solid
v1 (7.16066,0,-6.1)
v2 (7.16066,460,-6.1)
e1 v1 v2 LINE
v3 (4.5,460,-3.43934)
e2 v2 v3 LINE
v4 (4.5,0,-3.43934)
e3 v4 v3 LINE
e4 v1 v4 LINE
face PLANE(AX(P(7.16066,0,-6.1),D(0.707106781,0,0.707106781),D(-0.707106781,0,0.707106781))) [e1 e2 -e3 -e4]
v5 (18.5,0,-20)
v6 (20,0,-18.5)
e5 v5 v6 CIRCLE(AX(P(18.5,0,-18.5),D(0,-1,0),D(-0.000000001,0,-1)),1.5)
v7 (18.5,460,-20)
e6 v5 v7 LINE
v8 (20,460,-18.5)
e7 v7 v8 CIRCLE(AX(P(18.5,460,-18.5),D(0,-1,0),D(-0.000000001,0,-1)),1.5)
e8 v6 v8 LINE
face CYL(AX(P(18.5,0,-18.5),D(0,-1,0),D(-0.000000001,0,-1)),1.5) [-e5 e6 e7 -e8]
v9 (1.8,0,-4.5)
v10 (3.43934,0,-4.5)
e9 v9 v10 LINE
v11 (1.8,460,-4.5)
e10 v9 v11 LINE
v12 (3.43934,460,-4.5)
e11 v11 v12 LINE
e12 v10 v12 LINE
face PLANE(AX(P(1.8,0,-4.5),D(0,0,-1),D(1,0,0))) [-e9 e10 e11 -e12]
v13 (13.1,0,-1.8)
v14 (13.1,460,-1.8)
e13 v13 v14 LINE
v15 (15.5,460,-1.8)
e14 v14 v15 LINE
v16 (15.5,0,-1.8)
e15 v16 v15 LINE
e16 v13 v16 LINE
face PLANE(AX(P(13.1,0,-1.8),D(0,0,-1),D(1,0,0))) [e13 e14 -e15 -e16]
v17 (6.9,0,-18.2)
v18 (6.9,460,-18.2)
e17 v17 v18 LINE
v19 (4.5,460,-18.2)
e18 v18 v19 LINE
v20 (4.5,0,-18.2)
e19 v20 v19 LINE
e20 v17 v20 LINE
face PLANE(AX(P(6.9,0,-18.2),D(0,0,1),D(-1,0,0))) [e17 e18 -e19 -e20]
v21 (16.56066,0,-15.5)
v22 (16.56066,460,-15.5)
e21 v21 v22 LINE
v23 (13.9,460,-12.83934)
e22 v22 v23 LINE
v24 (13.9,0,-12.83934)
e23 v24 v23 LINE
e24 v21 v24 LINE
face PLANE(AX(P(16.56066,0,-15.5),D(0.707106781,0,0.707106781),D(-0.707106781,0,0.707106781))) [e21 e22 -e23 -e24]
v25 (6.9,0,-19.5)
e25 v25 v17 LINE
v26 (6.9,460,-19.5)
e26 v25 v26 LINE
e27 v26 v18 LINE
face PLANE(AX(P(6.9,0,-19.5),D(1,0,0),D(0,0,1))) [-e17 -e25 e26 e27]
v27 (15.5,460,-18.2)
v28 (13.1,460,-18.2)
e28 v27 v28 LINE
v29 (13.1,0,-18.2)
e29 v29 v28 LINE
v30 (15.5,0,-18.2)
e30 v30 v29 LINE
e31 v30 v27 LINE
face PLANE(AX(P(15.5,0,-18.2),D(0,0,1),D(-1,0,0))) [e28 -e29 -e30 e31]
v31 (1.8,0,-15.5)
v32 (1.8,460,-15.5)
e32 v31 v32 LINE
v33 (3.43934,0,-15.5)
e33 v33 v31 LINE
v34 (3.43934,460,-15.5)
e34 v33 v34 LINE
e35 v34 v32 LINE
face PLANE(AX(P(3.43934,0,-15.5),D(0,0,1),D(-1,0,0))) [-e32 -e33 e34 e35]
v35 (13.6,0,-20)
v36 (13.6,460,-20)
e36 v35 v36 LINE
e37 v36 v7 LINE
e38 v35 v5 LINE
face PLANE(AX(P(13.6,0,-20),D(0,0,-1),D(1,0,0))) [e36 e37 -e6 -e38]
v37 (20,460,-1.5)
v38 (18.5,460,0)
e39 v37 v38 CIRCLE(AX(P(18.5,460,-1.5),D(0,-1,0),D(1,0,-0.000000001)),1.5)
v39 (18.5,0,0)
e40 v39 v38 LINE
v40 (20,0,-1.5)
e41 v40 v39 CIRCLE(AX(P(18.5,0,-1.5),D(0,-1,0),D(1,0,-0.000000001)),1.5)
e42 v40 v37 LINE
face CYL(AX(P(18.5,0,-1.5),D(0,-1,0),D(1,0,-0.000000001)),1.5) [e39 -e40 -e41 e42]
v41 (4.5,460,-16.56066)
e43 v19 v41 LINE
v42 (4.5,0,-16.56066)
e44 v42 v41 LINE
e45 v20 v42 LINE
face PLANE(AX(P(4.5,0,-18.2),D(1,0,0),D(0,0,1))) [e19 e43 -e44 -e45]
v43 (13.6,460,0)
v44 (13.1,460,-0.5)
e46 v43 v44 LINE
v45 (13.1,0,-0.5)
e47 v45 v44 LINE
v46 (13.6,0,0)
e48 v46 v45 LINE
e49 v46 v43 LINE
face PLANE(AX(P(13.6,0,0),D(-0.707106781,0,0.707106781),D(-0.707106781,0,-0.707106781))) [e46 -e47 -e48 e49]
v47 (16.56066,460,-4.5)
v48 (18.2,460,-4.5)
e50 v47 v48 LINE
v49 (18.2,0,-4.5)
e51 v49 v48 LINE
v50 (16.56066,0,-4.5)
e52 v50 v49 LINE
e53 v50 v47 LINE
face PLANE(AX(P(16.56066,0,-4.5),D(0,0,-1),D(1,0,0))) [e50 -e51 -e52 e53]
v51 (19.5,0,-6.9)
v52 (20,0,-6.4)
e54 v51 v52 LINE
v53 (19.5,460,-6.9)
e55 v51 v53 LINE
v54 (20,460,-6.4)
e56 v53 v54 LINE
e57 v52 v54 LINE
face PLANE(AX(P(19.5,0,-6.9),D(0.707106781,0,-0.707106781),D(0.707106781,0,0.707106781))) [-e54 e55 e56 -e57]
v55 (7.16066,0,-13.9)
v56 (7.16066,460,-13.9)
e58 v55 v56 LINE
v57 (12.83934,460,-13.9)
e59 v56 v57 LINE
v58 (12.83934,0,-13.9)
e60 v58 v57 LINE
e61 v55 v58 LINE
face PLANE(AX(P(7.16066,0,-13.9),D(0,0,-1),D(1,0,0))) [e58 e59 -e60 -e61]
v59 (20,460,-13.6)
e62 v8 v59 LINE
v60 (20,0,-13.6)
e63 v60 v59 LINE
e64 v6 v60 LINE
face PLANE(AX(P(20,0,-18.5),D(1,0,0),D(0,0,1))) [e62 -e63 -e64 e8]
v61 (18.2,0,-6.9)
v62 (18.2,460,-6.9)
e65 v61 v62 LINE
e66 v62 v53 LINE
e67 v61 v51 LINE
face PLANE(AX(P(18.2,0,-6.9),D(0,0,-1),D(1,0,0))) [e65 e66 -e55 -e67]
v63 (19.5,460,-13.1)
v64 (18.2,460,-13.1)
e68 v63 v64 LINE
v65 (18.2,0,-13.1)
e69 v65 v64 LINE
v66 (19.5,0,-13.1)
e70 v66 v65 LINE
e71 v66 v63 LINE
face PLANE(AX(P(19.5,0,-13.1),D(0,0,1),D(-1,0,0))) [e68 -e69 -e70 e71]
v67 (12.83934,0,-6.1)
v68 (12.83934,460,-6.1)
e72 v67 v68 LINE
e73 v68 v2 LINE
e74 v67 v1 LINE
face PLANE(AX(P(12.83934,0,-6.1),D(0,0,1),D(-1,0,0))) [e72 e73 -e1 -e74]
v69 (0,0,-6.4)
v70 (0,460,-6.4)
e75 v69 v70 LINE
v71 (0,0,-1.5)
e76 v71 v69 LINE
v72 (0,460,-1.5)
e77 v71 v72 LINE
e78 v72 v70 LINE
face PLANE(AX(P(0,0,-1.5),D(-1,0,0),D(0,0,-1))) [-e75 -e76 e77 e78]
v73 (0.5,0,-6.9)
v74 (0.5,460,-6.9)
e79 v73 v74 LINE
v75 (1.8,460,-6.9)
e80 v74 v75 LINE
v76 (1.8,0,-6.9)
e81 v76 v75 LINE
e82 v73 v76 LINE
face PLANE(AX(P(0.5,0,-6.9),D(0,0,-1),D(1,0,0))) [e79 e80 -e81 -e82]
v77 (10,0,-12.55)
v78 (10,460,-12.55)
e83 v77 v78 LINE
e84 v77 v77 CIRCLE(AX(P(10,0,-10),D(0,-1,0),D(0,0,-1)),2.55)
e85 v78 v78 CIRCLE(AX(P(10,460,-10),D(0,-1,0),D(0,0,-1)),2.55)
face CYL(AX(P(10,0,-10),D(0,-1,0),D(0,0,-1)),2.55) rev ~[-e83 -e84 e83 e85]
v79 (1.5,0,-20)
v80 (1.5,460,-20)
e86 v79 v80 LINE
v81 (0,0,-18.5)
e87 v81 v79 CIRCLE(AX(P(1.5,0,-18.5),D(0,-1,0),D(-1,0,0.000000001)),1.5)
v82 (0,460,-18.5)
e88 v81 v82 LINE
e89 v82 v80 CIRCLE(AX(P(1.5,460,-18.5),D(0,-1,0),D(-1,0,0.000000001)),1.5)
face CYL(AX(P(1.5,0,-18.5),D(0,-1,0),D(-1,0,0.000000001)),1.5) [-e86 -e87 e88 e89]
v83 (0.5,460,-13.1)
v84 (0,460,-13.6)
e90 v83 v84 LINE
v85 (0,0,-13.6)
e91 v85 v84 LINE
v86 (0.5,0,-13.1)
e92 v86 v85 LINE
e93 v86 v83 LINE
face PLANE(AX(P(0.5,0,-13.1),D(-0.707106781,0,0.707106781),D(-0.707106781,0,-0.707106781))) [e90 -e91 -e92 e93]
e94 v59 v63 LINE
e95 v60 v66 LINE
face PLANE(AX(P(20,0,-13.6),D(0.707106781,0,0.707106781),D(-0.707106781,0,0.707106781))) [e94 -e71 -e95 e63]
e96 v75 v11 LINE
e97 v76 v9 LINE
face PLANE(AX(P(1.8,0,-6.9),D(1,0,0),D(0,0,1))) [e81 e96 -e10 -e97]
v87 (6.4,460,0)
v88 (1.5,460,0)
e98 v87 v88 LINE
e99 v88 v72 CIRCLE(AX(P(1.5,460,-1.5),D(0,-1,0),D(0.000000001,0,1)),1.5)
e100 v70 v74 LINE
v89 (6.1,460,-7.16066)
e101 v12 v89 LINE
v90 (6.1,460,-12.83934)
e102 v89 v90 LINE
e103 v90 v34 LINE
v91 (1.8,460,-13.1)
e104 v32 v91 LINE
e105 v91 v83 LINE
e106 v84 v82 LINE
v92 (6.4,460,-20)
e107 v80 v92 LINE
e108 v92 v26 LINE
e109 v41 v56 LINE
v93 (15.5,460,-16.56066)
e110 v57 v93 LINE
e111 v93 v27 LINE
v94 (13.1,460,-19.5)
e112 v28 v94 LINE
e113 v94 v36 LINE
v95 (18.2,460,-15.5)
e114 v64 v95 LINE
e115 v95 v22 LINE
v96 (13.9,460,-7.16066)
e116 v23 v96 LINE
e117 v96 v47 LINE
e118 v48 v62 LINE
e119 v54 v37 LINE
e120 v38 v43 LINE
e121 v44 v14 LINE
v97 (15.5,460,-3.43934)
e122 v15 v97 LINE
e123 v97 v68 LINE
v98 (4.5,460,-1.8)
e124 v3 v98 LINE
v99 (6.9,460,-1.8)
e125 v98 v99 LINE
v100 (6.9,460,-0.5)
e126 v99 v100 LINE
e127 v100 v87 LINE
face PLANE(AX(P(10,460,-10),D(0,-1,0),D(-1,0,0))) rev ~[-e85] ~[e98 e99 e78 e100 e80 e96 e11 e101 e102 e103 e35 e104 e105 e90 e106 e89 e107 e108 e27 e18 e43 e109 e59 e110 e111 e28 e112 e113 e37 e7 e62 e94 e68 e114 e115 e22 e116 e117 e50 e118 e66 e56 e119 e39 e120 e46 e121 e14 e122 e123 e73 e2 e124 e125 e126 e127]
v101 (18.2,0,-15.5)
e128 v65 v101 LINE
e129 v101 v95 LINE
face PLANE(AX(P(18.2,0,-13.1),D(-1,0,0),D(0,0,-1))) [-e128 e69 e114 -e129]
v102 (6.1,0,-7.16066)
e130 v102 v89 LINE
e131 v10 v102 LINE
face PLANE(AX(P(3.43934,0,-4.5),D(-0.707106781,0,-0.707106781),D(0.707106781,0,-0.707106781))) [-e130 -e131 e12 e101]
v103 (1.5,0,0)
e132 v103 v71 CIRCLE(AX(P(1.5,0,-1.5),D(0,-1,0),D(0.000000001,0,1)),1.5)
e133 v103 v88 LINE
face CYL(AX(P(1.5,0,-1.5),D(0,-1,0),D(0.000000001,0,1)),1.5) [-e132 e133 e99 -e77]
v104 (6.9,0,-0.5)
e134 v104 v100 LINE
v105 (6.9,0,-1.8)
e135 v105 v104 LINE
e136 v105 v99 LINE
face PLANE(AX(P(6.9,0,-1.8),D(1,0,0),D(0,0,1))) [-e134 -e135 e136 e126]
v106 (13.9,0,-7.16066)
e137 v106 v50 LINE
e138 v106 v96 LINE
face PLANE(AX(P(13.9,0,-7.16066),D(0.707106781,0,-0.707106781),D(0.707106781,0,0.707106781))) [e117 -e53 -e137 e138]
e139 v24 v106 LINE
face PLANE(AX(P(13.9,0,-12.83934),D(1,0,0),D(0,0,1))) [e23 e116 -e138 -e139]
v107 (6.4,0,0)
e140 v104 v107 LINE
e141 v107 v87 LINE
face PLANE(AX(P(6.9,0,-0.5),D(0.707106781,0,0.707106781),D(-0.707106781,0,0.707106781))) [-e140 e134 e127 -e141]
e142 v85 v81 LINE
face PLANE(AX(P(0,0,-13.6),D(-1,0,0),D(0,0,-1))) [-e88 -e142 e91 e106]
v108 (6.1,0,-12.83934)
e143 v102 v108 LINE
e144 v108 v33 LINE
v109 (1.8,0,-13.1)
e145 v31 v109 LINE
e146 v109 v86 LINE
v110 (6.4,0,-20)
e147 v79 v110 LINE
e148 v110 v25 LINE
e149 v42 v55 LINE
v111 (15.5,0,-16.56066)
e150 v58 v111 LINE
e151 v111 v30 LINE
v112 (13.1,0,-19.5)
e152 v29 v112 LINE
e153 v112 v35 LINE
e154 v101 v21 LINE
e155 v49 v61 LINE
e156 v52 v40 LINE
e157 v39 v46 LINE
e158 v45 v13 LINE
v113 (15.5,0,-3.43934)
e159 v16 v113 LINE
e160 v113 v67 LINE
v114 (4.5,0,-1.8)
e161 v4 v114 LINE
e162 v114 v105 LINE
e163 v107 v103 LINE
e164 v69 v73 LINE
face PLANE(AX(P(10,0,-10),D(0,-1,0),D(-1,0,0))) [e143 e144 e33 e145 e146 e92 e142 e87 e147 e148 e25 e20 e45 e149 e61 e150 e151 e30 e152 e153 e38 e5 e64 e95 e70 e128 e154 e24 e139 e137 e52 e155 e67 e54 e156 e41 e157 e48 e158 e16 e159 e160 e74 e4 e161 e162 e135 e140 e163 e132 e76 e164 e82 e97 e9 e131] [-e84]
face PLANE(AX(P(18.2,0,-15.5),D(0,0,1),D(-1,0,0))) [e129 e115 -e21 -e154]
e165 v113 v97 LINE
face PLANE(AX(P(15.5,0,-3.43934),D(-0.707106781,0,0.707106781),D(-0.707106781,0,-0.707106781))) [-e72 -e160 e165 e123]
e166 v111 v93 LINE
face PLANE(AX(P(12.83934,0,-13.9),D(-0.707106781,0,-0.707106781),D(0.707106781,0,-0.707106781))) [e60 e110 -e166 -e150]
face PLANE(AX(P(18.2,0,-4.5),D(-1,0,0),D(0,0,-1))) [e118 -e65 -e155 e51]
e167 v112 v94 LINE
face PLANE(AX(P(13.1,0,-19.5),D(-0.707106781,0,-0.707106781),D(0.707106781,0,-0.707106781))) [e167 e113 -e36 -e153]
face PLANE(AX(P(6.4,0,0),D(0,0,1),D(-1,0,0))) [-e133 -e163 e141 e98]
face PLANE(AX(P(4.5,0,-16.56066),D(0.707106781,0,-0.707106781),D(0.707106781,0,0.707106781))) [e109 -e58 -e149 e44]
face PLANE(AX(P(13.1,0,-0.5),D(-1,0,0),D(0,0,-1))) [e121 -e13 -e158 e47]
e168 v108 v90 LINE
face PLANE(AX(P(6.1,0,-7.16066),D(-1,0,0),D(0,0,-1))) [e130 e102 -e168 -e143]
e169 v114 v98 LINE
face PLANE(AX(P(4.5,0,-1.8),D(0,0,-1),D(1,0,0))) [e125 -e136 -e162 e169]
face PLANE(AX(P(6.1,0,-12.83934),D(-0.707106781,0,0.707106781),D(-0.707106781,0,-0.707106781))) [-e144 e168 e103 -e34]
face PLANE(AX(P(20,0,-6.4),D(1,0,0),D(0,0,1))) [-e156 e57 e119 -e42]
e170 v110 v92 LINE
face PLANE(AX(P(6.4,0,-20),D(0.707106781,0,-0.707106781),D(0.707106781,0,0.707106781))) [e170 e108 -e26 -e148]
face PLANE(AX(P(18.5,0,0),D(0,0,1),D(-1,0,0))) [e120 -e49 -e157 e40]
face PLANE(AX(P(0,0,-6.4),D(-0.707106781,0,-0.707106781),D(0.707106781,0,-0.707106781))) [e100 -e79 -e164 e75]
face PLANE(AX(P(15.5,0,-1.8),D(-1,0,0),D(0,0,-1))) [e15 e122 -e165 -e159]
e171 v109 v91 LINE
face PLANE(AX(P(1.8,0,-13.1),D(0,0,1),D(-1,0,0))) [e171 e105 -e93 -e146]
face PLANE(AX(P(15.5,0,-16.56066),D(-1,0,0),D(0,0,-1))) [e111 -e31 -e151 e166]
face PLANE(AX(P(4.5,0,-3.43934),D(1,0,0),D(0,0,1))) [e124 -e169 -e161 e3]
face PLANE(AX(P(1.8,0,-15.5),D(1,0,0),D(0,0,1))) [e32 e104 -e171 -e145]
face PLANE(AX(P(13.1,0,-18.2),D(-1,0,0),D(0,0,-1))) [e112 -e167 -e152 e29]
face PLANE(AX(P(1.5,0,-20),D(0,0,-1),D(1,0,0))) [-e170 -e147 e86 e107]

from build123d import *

# Parameters (mm, degrees)
EXTRUDE_2_DEPTH     = 460
SKETCH_4_R          = 2.55
CUT_EXTRUDE_2_DEPTH = 461.868744872


with BuildPart() as part:
    # 草图1 → 凸台-拉伸2 (new body)
    with BuildSketch(Plane(origin=(0, 0, 0), x_dir=(1, 0, 0), z_dir=(0, 1, 0))):
        with BuildLine():
            Line((13.9, 12.839339828), (13.9, 7.160660172))
            Line((13.9, 7.160660172), (16.560660172, 4.5))
            Line((16.560660172, 4.5), (18.2, 4.5))
            Line((18.2, 4.5), (18.2, 6.9))
            Line((18.2, 6.9), (19.5, 6.9))
            Line((19.5, 6.9), (20, 6.4))
            Line((20, 6.4), (20, 1.5))
            ThreePointArc((20, 1.5), (19.560660172, 0.439339828), (18.5, 0))
            Line((18.5, 0), (13.6, 0))
            Line((13.6, 0), (13.1, 0.5))
            Line((13.1, 0.5), (13.1, 1.8))
            Line((13.1, 1.8), (15.5, 1.8))
            Line((15.5, 1.8), (15.5, 3.439339828))
            Line((15.5, 3.439339828), (12.839339828, 6.1))
            Line((12.839339828, 6.1), (7.160660172, 6.1))
            Line((7.160660172, 6.1), (4.5, 3.439339828))
            Line((4.5, 3.439339828), (4.5, 1.8))
            Line((4.5, 1.8), (6.9, 1.8))
            Line((6.9, 1.8), (6.9, 0.5))
            Line((6.9, 0.5), (6.4, 0))
            Line((6.4, 0), (1.5, 0))
            ThreePointArc((1.5, 0), (0.439339828, 0.439339828), (0, 1.5))
            Line((0, 1.5), (0, 6.4))
            Line((0, 6.4), (0.5, 6.9))
            Line((0.5, 6.9), (1.8, 6.9))
            Line((1.8, 6.9), (1.8, 4.5))
            Line((1.8, 4.5), (3.439339828, 4.5))
            Line((3.439339828, 4.5), (6.1, 7.160660172))
            Line((6.1, 7.160660172), (6.1, 12.839339828))
            Line((6.1, 12.839339828), (3.439339828, 15.5))
            Line((3.439339828, 15.5), (1.8, 15.5))
            Line((1.8, 15.5), (1.8, 13.1))
            Line((1.8, 13.1), (0.5, 13.1))
            Line((0.5, 13.1), (0, 13.6))
            Line((0, 13.6), (0, 18.5))
            ThreePointArc((0, 18.5), (0.439339828, 19.560660172), (1.5, 20))
            Line((1.5, 20), (6.4, 20))
            Line((6.4, 20), (6.9, 19.5))
            Line((6.9, 19.5), (6.9, 18.2))
            Line((6.9, 18.2), (4.5, 18.2))
            Line((4.5, 18.2), (4.5, 16.560660172))
            Line((4.5, 16.560660172), (7.160660172, 13.9))
            Line((7.160660172, 13.9), (12.839339828, 13.9))
            Line((12.839339828, 13.9), (15.5, 16.560660172))
            Line((15.5, 16.560660172), (15.5, 18.2))
            Line((15.5, 18.2), (13.1, 18.2))
            Line((13.1, 18.2), (13.1, 19.5))
            Line((13.1, 19.5), (13.6, 20))
            Line((13.6, 20), (18.5, 20))
            ThreePointArc((18.5, 20), (19.560660172, 19.560660172), (20, 18.5))
            Line((20, 18.5), (20, 13.6))
            Line((20, 13.6), (19.5, 13.1))
            Line((19.5, 13.1), (18.2, 13.1))
            Line((18.2, 13.1), (18.2, 15.5))
            Line((18.2, 15.5), (16.560660172, 15.5))
            Line((16.560660172, 15.5), (13.9, 12.839339828))
        make_face()
    extrude(amount=EXTRUDE_2_DEPTH)

    # 草图4 → 切除-拉伸2 (cut, through all)
    with BuildSketch(Plane.XZ):
        with Locations(Location((10, -10, 0), (0, 0, 270))):
            Circle(SKETCH_4_R)
    extrude(amount=-CUT_EXTRUDE_2_DEPTH, mode=Mode.SUBTRACT)


solid = part.part
